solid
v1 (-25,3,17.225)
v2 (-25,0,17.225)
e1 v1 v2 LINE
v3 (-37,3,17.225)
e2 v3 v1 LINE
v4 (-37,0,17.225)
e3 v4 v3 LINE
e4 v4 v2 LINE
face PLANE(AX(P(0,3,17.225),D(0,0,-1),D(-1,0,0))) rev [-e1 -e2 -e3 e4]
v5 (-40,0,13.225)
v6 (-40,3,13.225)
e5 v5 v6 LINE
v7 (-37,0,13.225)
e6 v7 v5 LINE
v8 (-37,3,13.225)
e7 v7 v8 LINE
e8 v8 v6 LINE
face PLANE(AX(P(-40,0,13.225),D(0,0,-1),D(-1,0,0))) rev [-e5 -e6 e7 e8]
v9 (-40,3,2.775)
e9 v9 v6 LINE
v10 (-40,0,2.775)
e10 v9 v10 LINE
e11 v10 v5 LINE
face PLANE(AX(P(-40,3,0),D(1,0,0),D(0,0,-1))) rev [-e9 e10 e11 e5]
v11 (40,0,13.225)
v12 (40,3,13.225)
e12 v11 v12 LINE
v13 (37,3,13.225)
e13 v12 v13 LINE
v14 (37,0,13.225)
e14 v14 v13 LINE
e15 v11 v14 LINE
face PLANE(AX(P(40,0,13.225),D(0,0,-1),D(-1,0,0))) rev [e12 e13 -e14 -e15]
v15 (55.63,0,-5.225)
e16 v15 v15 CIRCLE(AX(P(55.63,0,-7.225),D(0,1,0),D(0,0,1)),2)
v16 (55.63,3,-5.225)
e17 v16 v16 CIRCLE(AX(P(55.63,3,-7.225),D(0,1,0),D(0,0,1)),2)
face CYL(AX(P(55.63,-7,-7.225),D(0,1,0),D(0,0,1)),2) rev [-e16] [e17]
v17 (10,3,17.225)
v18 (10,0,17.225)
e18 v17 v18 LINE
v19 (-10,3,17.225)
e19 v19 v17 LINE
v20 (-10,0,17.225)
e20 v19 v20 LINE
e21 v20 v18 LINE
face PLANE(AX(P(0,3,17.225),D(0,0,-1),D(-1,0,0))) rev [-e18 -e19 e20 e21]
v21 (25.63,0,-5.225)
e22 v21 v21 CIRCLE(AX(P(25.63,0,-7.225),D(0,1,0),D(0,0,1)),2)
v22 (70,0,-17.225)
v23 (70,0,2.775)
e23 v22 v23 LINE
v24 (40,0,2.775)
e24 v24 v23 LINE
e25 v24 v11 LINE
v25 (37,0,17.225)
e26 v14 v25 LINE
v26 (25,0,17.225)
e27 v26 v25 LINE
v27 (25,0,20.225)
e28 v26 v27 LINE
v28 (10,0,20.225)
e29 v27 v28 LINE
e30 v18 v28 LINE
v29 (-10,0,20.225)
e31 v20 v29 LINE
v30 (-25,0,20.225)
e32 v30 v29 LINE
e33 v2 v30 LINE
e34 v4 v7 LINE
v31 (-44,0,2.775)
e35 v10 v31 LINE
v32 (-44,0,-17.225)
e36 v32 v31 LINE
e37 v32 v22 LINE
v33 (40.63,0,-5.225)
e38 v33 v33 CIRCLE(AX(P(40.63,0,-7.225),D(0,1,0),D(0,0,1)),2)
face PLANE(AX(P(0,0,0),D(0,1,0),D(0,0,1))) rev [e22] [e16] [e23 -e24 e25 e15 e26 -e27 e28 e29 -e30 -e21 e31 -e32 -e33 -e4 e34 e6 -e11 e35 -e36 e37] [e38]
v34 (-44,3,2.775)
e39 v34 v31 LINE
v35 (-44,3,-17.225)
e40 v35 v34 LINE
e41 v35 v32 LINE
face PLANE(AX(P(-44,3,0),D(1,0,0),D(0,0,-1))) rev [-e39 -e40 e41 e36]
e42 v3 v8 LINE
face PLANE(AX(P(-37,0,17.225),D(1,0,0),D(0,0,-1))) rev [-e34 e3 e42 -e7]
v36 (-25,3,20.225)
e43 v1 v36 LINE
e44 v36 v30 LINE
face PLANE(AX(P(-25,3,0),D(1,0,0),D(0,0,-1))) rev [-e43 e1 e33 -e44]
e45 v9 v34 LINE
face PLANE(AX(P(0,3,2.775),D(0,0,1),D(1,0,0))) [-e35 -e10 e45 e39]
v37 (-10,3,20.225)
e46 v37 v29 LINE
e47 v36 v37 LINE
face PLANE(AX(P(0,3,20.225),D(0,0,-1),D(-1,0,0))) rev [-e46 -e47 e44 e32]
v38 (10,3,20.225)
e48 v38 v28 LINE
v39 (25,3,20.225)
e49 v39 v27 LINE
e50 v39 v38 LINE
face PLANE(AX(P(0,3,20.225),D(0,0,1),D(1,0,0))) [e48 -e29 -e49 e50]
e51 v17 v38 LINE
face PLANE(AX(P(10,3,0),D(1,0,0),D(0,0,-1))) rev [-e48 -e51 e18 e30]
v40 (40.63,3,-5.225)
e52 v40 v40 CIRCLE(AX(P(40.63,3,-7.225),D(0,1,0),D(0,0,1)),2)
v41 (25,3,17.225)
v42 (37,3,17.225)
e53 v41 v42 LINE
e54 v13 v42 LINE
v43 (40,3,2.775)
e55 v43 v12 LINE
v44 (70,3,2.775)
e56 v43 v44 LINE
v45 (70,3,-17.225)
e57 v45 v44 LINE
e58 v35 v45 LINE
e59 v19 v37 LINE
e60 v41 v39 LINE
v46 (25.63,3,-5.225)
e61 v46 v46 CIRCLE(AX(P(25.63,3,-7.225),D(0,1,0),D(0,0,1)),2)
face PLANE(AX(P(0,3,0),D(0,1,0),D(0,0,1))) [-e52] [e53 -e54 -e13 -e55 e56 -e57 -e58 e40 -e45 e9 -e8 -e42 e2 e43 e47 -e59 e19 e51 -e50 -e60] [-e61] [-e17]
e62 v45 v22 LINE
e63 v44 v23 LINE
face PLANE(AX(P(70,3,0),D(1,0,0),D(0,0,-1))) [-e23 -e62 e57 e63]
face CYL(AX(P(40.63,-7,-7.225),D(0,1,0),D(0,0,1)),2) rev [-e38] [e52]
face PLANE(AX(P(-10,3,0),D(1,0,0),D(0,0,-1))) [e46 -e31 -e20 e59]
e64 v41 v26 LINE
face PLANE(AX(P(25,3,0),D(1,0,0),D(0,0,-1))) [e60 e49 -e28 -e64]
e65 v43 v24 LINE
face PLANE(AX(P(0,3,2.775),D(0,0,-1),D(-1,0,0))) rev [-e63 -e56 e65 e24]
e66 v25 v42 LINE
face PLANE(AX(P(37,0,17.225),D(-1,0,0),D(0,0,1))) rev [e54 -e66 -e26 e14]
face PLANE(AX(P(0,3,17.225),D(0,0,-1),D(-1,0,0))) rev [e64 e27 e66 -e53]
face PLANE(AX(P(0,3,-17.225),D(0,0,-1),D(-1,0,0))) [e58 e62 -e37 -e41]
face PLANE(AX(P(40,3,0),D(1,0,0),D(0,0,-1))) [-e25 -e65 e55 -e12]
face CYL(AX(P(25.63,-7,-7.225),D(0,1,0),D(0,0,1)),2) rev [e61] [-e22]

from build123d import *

# Parameters (mm, degrees)
SKETCH_1_W          = 80
SKETCH_1_H          = 34.45
SKETCH_1_W_2        = 15
SKETCH_1_H_2        = 3
SKETCH_1_W_3        = 30
SKETCH_1_H_3        = 20
SKETCH_1_W_4        = 4
EXTRUDE_1_DEPTH     = 3
SKETCH_2_R          = 2
CUT_EXTRUDE_1_DEPTH = 10
SKETCH_3_W          = 3
SKETCH_3_H          = 4
CUT_EXTRUDE_2_DEPTH = 3


with BuildPart() as part:
    # 草图1 → 凸台-拉伸1 (new body)
    with BuildSketch(Plane(origin=(0, 0, 0), x_dir=(1, 0, 0), z_dir=(0, 1, 0))):
        Rectangle(SKETCH_1_W, SKETCH_1_H)
        with Locations((-17.5, -18.725)):
            Rectangle(SKETCH_1_W_2, SKETCH_1_H_2)
        with Locations((17.5, -18.725)):
            Rectangle(SKETCH_1_W_2, SKETCH_1_H_2)
        with Locations((55, 7.225)):
            Rectangle(SKETCH_1_W_3, SKETCH_1_H_3)
        with Locations((-42, 7.225)):
            Rectangle(SKETCH_1_W_4, SKETCH_1_H_3)
    extrude(amount=EXTRUDE_1_DEPTH)

    # 草图2 → 切除-拉伸1 (cut)
    with BuildSketch(Plane(origin=(0, 3, 0), x_dir=(1, 0, 0), z_dir=(0, 1, 0))):
        with Locations(Location((55.63, 7.225, 0), (0, 0, 270))):
            Circle(SKETCH_2_R)
        with Locations(Location((40.63, 7.225, 0), (0, 0, 270))):
            Circle(SKETCH_2_R)
        with Locations(Location((25.63, 7.225, 0), (0, 0, 270))):
            Circle(SKETCH_2_R)
    extrude(amount=-CUT_EXTRUDE_1_DEPTH, mode=Mode.SUBTRACT)

    # 草图3 → 切除-拉伸2 (cut)
    with BuildSketch(Plane(origin=(0, 3, 0), x_dir=(1, 0, 0), z_dir=(0, 1, 0))):
        with Locations((-38.5, -15.225)):
            Rectangle(SKETCH_3_W, SKETCH_3_H)
        with Locations((38.5, -15.225)):
            Rectangle(SKETCH_3_W, SKETCH_3_H)
    extrude(amount=-CUT_EXTRUDE_2_DEPTH, mode=Mode.SUBTRACT)


solid = part.part
